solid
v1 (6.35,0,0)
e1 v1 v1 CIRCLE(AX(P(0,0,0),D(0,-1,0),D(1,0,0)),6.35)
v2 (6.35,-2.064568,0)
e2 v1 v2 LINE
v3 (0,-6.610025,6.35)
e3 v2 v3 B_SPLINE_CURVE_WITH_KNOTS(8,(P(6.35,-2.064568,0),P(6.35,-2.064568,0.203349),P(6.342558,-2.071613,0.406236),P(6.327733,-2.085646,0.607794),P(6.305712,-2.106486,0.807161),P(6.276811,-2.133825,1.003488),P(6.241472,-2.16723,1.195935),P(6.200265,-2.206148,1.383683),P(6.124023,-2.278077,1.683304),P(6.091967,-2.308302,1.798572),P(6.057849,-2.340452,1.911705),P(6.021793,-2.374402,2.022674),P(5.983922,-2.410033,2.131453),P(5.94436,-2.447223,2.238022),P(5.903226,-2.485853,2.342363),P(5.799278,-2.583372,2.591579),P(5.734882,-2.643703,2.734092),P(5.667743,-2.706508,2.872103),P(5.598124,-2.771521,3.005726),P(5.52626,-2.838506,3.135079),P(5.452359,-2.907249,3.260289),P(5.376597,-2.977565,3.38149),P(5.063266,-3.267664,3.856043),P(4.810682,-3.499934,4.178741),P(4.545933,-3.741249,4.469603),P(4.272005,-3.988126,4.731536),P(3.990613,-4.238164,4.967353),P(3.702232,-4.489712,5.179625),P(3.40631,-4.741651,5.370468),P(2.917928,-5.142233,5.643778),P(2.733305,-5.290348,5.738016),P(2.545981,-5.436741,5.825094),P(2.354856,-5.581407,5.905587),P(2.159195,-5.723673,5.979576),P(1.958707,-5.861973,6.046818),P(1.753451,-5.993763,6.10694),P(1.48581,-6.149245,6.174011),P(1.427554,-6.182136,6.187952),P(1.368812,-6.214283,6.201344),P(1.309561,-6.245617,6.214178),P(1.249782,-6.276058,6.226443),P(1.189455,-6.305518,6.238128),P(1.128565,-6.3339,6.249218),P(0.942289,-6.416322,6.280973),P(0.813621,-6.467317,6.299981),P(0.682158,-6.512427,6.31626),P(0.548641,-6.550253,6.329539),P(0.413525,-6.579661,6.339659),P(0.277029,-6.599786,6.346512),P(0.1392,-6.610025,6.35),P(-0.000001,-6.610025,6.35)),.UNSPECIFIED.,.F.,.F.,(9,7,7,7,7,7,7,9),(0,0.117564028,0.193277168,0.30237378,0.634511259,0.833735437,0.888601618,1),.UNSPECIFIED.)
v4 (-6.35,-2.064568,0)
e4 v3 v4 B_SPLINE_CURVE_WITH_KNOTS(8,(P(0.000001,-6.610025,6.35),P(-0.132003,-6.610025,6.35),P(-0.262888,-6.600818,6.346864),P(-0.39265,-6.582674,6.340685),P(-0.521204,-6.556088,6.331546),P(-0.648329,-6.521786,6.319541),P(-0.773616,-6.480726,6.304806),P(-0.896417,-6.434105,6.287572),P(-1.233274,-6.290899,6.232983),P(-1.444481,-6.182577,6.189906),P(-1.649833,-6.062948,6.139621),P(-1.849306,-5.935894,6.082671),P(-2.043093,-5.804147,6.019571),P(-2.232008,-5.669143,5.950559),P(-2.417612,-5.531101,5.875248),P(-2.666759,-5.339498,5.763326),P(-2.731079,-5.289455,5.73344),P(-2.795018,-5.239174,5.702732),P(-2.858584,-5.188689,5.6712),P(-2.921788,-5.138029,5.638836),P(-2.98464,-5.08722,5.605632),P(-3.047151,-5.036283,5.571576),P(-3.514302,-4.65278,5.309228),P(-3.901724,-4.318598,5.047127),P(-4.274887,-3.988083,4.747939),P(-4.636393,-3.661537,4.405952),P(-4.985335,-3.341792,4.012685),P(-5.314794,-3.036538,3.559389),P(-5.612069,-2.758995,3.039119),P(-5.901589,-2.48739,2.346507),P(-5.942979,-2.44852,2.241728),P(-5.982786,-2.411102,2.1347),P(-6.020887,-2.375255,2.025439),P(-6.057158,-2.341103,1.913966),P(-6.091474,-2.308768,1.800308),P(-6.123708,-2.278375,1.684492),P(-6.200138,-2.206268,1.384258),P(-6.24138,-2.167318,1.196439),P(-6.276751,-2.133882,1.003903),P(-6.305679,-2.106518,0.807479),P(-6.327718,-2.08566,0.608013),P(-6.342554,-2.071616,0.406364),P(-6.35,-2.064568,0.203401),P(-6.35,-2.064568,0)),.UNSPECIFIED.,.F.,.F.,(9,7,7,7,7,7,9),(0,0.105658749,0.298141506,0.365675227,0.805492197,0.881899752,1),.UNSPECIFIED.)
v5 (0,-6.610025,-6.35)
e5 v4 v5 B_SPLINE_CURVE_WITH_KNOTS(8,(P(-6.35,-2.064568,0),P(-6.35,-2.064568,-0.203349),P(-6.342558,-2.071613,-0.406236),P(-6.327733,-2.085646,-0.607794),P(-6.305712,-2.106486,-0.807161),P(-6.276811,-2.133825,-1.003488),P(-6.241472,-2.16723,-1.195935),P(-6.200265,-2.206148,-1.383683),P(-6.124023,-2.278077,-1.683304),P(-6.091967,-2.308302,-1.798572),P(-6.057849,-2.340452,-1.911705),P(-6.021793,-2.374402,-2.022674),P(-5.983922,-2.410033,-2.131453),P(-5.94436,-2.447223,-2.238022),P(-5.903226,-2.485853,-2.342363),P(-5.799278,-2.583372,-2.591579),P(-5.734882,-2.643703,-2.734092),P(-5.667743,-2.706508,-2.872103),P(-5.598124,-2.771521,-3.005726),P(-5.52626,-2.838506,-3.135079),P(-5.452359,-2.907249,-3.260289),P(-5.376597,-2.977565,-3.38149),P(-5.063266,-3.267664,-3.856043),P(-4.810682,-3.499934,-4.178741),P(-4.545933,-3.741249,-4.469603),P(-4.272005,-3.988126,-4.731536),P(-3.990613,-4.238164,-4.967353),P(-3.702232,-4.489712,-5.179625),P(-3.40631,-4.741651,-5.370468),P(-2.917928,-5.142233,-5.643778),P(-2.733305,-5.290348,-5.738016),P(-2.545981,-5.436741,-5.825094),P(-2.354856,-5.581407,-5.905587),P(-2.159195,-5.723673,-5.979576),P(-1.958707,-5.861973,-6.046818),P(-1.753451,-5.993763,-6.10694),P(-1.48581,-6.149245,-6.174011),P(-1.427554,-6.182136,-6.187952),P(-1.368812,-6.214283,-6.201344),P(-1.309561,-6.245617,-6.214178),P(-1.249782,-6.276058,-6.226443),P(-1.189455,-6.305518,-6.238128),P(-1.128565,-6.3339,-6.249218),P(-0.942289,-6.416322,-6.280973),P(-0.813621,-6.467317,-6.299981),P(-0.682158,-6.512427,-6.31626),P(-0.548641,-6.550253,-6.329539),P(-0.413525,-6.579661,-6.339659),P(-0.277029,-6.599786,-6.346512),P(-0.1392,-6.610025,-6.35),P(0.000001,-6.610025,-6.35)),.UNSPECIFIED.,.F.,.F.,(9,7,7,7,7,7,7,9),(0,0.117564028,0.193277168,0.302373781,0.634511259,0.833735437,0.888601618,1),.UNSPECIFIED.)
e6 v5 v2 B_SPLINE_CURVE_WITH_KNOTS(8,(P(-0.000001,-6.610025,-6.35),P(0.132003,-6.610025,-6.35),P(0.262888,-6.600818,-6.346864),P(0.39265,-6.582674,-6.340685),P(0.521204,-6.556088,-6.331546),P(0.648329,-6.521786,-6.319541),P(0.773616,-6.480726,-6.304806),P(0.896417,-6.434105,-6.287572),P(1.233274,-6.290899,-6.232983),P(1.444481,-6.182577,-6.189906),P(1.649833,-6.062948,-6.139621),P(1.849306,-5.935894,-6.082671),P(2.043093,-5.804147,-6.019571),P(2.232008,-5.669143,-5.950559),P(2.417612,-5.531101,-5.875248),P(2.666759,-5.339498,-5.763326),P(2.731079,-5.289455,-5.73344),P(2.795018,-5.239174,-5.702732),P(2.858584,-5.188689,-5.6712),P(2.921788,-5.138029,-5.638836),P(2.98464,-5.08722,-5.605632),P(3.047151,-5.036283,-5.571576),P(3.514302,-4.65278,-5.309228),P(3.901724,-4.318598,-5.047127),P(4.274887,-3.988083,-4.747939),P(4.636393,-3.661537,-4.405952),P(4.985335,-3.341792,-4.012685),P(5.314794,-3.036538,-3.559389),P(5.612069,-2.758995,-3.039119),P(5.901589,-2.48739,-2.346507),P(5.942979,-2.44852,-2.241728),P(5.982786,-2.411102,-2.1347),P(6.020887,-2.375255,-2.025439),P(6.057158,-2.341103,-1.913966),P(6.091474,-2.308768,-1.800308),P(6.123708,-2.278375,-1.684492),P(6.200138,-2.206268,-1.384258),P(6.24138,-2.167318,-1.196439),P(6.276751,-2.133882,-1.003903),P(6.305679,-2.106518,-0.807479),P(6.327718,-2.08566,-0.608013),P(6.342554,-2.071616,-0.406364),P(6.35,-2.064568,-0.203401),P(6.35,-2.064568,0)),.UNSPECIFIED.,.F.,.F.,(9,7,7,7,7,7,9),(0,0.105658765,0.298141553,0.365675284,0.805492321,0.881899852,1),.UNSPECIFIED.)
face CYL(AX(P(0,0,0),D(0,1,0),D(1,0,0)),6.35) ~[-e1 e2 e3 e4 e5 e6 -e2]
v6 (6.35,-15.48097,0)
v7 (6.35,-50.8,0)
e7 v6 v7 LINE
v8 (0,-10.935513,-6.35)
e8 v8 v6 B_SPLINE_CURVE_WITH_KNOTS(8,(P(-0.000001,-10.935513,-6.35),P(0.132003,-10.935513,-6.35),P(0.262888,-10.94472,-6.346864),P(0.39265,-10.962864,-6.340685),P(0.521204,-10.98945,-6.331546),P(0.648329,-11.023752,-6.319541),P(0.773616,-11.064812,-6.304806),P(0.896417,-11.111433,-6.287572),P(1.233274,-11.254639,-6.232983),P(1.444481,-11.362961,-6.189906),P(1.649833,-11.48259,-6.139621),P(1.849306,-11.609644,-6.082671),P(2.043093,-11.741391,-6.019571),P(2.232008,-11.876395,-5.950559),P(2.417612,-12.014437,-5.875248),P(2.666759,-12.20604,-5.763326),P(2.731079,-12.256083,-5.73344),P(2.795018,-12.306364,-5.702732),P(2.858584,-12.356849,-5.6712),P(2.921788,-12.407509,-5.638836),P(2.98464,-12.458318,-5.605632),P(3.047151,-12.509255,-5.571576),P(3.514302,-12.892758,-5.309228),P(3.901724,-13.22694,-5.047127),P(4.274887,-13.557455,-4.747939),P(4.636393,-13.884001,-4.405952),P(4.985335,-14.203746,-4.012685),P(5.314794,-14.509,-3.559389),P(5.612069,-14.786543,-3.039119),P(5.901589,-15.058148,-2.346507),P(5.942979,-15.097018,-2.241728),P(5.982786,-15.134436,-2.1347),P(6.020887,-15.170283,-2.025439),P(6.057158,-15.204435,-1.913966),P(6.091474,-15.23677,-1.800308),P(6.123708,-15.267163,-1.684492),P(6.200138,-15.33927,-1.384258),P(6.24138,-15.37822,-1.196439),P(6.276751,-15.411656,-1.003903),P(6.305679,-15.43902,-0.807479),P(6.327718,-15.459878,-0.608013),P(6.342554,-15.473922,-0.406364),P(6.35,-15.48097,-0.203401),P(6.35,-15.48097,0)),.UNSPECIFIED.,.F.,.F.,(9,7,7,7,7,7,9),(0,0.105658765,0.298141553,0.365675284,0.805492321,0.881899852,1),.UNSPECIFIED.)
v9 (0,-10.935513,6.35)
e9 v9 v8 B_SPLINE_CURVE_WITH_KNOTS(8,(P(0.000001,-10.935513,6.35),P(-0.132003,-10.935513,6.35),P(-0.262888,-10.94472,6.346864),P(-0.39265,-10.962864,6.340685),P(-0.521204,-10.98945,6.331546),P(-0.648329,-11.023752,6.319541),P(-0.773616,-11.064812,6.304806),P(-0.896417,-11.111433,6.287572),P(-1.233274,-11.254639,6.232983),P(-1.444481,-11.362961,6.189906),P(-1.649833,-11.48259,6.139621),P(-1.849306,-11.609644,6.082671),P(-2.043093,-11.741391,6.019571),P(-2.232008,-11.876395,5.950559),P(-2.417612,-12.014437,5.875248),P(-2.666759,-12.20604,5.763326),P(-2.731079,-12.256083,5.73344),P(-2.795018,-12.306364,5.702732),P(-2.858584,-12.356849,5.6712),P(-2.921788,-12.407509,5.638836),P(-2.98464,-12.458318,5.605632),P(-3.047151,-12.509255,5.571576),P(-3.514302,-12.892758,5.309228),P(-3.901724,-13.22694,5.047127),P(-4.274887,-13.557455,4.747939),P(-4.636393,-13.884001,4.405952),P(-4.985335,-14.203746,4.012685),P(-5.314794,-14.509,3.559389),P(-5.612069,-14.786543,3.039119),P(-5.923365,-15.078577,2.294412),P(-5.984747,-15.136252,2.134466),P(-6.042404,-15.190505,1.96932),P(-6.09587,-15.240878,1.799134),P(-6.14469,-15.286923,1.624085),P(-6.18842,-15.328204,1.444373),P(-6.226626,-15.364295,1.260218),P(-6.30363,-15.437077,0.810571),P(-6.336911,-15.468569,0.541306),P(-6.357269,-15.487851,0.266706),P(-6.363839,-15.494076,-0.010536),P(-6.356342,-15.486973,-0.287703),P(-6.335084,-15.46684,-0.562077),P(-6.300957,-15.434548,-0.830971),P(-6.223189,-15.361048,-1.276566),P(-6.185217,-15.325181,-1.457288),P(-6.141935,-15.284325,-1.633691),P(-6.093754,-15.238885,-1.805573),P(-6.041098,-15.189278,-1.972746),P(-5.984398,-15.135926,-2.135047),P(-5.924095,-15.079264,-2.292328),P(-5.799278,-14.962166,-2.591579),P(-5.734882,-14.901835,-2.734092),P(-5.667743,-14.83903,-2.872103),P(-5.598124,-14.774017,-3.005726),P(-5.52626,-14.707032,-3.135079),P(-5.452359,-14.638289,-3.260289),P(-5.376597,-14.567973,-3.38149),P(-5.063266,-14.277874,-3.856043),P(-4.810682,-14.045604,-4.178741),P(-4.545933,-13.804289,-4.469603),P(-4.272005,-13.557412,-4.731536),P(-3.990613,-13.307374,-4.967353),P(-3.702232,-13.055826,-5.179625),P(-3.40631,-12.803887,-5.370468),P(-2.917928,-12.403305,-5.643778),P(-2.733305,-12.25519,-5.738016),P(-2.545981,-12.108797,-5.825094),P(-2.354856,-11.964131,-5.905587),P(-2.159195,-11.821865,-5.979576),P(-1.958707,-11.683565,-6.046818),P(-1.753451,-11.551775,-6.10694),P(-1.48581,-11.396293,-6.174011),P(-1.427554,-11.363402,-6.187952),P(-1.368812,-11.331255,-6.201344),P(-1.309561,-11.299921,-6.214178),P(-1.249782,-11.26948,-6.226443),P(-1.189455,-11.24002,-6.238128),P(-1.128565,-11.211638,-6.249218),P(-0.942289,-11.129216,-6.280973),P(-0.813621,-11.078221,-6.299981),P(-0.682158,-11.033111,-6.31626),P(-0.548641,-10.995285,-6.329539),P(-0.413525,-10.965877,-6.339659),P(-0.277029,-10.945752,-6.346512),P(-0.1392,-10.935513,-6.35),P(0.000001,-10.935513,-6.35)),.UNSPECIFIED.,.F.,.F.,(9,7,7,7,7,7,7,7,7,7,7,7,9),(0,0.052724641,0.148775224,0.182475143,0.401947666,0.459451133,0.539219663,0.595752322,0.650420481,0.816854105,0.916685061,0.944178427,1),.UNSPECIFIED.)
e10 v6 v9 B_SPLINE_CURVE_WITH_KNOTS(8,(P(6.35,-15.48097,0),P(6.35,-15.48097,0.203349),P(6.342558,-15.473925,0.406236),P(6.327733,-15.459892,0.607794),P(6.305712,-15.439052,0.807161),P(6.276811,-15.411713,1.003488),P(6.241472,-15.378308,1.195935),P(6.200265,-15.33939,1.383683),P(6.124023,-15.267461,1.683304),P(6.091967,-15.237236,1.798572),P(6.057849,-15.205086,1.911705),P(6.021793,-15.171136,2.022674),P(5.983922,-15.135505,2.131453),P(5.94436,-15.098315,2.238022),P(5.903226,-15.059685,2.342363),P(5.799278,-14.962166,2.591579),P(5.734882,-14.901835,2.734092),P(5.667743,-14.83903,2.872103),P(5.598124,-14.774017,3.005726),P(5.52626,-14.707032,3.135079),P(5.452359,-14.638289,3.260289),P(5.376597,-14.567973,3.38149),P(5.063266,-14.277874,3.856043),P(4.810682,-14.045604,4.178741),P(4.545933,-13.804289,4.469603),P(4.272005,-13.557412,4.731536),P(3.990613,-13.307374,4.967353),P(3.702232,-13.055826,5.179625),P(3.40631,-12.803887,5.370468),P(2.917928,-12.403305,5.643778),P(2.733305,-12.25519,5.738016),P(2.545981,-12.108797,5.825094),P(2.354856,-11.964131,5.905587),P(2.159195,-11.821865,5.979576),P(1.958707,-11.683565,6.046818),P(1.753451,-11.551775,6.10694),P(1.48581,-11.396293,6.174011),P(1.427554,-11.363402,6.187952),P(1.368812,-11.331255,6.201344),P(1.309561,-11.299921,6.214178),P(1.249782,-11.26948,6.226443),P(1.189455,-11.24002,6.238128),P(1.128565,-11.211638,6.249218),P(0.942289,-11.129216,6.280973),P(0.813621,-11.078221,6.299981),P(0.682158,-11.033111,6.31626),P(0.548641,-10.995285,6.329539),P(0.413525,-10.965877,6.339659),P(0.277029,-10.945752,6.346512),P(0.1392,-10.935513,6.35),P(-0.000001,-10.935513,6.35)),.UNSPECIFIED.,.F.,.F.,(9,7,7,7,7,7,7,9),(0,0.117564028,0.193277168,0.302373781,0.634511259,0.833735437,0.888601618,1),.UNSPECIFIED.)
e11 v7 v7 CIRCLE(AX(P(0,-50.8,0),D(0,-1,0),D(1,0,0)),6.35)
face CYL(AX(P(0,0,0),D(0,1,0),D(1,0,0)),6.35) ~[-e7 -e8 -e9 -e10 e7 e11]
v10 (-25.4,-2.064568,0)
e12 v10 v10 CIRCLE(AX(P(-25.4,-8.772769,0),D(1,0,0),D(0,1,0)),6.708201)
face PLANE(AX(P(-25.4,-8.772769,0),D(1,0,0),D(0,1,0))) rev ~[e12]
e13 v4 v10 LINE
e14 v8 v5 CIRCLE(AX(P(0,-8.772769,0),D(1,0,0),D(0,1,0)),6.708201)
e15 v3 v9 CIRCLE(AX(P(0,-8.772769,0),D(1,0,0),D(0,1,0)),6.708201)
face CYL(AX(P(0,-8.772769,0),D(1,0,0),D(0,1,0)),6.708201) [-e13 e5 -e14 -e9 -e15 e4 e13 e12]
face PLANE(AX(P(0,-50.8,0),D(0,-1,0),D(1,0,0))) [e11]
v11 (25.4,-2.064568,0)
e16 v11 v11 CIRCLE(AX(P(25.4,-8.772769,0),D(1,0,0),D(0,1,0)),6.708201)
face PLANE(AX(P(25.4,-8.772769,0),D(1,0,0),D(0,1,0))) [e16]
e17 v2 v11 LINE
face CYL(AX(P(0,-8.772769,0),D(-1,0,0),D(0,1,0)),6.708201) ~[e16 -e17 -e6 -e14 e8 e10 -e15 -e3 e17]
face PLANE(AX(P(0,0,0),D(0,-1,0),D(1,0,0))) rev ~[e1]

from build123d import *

# Parameters (mm, degrees)
F0_R          = 6.35
F1_DEPTH      = 50.8
F2_R          = 6.708201
F3_DEPTH      = 25.4
F3_DEPTH_BACK = 25.4


with BuildPart() as f1:
    # F0 (on Front) → F1 (new body)
    with BuildSketch(Plane.XZ):
        Circle(F0_R)
    extrude(amount=F1_DEPTH)

    # F2 (on Right) → F3 (join, two sides)
    with BuildSketch(Plane.YZ) as f3_sk:
        with Locations((-8.772769, 0)):
            Circle(F2_R)
    extrude(amount=F3_DEPTH)
    extrude(f3_sk.sketch, amount=-F3_DEPTH_BACK)


solid = f1.part
